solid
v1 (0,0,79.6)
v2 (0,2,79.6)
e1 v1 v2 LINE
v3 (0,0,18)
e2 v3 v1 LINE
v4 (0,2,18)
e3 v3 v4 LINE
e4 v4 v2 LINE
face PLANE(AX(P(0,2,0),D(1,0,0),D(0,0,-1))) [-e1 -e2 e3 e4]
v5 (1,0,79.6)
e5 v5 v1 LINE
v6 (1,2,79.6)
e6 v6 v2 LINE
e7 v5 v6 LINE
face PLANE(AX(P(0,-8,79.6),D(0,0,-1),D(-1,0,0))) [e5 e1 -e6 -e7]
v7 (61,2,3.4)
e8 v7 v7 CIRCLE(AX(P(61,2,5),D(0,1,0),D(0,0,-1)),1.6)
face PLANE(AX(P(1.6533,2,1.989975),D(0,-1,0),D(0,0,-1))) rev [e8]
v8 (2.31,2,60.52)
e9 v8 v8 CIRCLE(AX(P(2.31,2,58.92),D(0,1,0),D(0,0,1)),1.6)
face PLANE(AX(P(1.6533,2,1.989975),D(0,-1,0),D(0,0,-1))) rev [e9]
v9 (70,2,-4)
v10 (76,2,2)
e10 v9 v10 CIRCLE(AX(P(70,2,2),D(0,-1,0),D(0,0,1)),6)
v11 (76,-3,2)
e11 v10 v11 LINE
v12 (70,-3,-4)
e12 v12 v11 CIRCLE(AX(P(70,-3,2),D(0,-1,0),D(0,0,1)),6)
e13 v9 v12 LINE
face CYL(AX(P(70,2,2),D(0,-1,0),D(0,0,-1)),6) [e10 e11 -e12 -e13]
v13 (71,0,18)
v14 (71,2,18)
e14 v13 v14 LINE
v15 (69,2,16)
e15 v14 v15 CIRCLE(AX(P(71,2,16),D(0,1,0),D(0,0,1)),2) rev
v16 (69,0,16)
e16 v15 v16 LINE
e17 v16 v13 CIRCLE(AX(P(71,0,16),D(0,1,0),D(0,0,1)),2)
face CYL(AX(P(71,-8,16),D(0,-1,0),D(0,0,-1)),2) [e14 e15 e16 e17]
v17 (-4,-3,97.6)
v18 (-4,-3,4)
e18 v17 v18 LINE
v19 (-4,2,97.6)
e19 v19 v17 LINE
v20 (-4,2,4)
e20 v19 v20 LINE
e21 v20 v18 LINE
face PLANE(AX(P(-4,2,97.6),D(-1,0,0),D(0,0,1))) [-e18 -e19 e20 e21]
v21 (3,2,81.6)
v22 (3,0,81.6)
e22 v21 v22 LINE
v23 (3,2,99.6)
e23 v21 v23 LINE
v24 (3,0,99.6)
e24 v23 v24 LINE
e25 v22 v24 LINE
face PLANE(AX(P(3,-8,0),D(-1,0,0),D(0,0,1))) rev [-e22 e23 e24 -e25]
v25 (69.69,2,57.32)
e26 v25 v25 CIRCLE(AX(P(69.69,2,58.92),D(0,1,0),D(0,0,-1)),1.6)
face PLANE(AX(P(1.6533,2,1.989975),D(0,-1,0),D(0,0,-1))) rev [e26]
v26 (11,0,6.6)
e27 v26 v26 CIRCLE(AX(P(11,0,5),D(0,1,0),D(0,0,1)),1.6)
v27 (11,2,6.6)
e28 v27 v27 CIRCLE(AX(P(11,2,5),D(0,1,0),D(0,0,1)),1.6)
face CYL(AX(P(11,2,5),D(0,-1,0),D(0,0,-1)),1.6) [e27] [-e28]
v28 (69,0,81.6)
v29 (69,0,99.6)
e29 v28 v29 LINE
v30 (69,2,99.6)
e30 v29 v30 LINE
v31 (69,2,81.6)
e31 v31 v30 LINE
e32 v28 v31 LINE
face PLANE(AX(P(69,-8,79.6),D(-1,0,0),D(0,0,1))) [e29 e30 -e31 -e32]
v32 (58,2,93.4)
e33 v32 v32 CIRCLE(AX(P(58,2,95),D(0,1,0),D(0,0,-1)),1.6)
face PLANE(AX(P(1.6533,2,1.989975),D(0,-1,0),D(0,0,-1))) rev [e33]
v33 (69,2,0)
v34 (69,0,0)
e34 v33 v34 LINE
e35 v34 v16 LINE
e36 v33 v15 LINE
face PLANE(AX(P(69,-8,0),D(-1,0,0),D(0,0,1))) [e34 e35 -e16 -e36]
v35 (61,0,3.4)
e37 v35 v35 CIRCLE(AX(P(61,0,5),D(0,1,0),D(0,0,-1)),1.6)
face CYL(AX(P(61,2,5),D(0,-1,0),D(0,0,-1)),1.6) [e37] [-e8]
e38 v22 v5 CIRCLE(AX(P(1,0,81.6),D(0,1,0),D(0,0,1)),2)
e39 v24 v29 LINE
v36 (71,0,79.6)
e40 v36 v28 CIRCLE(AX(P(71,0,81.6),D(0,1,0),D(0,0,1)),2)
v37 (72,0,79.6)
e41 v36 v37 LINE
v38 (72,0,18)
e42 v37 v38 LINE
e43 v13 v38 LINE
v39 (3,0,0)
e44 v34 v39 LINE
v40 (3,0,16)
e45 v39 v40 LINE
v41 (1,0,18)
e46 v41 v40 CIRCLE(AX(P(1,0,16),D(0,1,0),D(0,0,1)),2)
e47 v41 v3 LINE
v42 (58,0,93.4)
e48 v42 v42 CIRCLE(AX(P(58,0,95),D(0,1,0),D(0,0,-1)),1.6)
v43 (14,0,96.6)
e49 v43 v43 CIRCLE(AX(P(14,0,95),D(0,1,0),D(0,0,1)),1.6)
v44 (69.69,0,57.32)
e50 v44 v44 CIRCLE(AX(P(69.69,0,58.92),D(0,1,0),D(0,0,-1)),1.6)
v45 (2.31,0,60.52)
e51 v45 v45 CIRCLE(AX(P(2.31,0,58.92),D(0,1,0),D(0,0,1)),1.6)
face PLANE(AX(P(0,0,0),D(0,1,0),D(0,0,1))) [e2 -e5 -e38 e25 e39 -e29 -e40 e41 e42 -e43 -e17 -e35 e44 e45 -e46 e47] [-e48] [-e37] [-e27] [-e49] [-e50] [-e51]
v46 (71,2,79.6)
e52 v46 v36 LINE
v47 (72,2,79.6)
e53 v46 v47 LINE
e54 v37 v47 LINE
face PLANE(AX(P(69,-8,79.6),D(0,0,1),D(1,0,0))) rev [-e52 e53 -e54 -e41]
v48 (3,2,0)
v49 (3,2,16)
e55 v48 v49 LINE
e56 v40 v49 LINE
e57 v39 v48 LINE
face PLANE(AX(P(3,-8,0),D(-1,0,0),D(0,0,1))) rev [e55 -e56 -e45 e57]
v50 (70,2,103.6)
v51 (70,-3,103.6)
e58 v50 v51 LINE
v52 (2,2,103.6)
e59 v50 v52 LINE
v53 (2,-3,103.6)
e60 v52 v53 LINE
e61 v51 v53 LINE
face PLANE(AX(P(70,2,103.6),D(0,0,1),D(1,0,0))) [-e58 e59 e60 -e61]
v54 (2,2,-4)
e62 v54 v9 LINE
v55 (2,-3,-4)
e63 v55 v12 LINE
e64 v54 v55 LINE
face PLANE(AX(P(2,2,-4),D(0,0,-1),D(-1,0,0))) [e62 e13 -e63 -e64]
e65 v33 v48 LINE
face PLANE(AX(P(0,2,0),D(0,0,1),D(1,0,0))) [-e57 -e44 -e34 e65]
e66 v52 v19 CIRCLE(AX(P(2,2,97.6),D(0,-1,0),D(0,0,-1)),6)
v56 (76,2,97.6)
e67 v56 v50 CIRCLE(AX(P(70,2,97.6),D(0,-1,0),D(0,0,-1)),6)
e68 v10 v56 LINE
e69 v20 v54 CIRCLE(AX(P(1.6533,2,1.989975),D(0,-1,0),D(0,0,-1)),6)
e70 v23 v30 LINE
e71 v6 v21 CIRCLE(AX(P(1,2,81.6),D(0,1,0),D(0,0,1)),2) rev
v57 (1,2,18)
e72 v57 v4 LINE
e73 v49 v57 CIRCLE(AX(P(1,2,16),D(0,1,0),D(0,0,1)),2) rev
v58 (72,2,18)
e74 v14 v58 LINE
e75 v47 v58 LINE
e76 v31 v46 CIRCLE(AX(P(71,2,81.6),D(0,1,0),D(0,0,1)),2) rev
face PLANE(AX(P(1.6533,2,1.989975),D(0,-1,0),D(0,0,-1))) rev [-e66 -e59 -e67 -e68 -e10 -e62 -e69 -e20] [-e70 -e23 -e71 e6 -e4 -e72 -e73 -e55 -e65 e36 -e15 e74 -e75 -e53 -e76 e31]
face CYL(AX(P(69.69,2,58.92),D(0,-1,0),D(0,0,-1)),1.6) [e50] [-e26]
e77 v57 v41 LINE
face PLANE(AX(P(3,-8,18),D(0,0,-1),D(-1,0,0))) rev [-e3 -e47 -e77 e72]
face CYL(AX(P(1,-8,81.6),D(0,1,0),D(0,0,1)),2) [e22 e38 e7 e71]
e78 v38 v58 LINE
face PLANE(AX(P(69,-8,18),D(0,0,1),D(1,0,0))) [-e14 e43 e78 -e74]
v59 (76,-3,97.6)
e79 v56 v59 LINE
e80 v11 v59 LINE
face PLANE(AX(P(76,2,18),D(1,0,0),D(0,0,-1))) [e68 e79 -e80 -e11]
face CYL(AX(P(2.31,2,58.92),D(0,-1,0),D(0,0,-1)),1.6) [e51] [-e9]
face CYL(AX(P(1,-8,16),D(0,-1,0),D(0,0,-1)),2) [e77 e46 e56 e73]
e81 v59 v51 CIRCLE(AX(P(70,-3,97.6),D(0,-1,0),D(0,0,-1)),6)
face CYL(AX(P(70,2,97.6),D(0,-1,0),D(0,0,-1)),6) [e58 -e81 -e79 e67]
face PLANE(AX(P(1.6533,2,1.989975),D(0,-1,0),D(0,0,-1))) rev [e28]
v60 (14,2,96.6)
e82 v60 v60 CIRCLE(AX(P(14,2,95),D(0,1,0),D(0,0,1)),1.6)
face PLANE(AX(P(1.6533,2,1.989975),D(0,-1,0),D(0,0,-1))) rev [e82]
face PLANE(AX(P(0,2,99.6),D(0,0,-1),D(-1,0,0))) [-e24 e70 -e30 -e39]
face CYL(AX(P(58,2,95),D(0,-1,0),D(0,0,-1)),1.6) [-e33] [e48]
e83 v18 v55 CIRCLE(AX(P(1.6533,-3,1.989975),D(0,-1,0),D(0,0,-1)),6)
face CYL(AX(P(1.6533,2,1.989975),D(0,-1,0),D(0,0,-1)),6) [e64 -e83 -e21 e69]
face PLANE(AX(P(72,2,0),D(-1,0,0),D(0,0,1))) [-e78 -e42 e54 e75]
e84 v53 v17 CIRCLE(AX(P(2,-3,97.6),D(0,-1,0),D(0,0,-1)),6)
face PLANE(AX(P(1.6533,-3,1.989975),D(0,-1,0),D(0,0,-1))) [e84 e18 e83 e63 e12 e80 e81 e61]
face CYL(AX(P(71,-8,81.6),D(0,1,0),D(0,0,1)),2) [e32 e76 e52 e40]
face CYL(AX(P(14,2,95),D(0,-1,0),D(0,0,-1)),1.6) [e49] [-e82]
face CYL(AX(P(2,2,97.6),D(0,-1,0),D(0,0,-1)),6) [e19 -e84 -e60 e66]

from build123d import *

# Parameters (mm, degrees)
SKETCH_1_W          = 72
SKETCH_1_H          = 99.6
SKETCH_1_R          = 1.6
EXTRUDE_1_DEPTH     = 2
FILLET_1_R          = 3
SKETCH_7_W          = 2.173613934
SKETCH_7_H          = 4.368539476
CUT_EXTRUDE_1_DEPTH = 10
CUT_EXTRUDE_2_DEPTH = 10
FILLET_2_R          = 2
SKETCH_9_W          = 2.173613934
SKETCH_9_H          = 2.184269738
EXTRUDE_5_DEPTH     = 2
FILLET_4_R          = 2
FILLET_5_R          = 2
EXTRUDE_4_DEPTH     = 5


with BuildPart() as part:
    # 草图1 → 凸台-拉伸1 (new body)
    with BuildSketch(Plane(origin=(0, 0, 0), x_dir=(1, 0, 0), z_dir=(0, 1, 0))):
        with Locations((36, -49.8)):
            Rectangle(SKETCH_1_W, SKETCH_1_H)
        with Locations((11, -5)):
            Circle(SKETCH_1_R, mode=Mode.SUBTRACT)
        with Locations((14, -95)):
            Circle(SKETCH_1_R, mode=Mode.SUBTRACT)
        with Locations((58, -95)):
            Circle(SKETCH_1_R, mode=Mode.SUBTRACT)
        with Locations((61, -5)):
            Circle(SKETCH_1_R, mode=Mode.SUBTRACT)
        with Locations((2.31, -58.92)):
            Circle(SKETCH_1_R, mode=Mode.SUBTRACT)
        with Locations((69.69, -58.92)):
            Circle(SKETCH_1_R, mode=Mode.SUBTRACT)
    extrude(amount=EXTRUDE_1_DEPTH)

    # 圆角1
    fillet_1_edges = [part.edges().sort_by_distance(p)[0] for p in [
        (0, 1, 0),
        (72, 1, 0),
        (72, 1, 99.6),
        (0, 1, 99.6),
    ]]
    fillet(fillet_1_edges, radius=FILLET_1_R)

    # 草图7 → 切除-拉伸1 (cut)
    with BuildSketch(Plane(origin=(0, 2, 0), x_dir=(1, 0, 0), z_dir=(0, 1, 0))):
        with Locations((36, -99.6)):
            Rectangle(SKETCH_7_W, SKETCH_7_H)
    extrude(amount=-CUT_EXTRUDE_1_DEPTH, mode=Mode.SUBTRACT)

    # 草图8 → 切除-拉伸2 (cut)
    with BuildSketch(Plane(origin=(0, 2, 0), x_dir=(1, 0, 0), z_dir=(0, 1, 0))):
        with BuildLine():
            Line((3, -99.6), (3, -79.6))
            Line((3, -79.6), (0, -79.6))
            Line((0, -79.6), (0, -96.6))
            ThreePointArc((0, -96.6), (0.878679656, -98.721320344), (3, -99.6))
        make_face()
        with BuildLine():
            Line((0, -3), (0, -18))
            Line((0, -18), (3, -18))
            Line((3, -18), (3, 0))
            ThreePointArc((3, 0), (0.878679656, -0.878679656), (0, -3))
        make_face()
        with BuildLine():
            Line((69, -79.6), (69, -99.6))
            ThreePointArc((69, -99.6), (71.121320344, -98.721320344), (72, -96.6))
            Line((72, -96.6), (72, -79.6))
            Line((72, -79.6), (69, -79.6))
        make_face()
    cut_extrude_2 = extrude(amount=-CUT_EXTRUDE_2_DEPTH, mode=Mode.SUBTRACT)

    # 圆角2
    fillet_2_edges = [part.edges().sort_by_distance(p)[0] for p in [
        (3, 1, 79.6),
        (69, 1, 79.6),
    ]]
    fillet(fillet_2_edges, radius=FILLET_2_R)

    # 镜向2: 切除-拉伸2 across plane
    add(cut_extrude_2.mirror(Plane(origin=(36, 0, 0), x_dir=(0, 0, 1), z_dir=(1, 0, 0))), mode=Mode.SUBTRACT)

    # 草图9 → 凸台-拉伸5 (add)
    with BuildSketch(Plane(origin=(0, 2, 0), x_dir=(1, 0, 0), z_dir=(0, 1, 0))):
        with Locations((36, -98.507865131)):
            Rectangle(SKETCH_9_W, SKETCH_9_H)
    extrude(amount=-EXTRUDE_5_DEPTH)

    # 圆角4
    fillet_4_edges = [part.edges().sort_by_distance(p)[0] for p in [
        (69, 1, 18),
        (3, 1, 18),
    ]]
    fillet(fillet_4_edges, radius=FILLET_4_R)

    # 圆角5
    fillet_5_edges = [part.edges().sort_by_distance(p)[0] for p in [
        (3, 1, 79.6),
        (69, 1, 79.6),
    ]]
    fillet(fillet_5_edges, radius=FILLET_5_R)


with BuildPart() as body_2:
    # 草图6 → 凸台-拉伸4 (new body)
    with BuildSketch(Plane(origin=(0, -3, 0), x_dir=(-1, 0, 0), z_dir=(0, -1, 0))):
        with BuildLine():
            Line((-2, 4), (-70, 4))
            ThreePointArc((-70, 4), (-74.242640687, 2.242640687), (-76, -2))
            Line((-76, -2), (-76, -18))
            Line((-76, -18), (-76, -97.6))
            ThreePointArc((-76, -97.6), (-74.242640687, -101.842640687), (-70, -103.6))
            Line((-70, -103.6), (-2, -103.6))
            ThreePointArc((-2, -103.6), (2.242640687, -101.842640687), (4, -97.6))
            Line((4, -97.6), (4, -4))
            ThreePointArc((4, -4), (3.146700168, 1.610025126), (-2, 4))
        make_face()
    extrude(amount=-EXTRUDE_4_DEPTH)

    # Combine 1: cut part
    add(part.part, mode=Mode.SUBTRACT)


solid = body_2.part
